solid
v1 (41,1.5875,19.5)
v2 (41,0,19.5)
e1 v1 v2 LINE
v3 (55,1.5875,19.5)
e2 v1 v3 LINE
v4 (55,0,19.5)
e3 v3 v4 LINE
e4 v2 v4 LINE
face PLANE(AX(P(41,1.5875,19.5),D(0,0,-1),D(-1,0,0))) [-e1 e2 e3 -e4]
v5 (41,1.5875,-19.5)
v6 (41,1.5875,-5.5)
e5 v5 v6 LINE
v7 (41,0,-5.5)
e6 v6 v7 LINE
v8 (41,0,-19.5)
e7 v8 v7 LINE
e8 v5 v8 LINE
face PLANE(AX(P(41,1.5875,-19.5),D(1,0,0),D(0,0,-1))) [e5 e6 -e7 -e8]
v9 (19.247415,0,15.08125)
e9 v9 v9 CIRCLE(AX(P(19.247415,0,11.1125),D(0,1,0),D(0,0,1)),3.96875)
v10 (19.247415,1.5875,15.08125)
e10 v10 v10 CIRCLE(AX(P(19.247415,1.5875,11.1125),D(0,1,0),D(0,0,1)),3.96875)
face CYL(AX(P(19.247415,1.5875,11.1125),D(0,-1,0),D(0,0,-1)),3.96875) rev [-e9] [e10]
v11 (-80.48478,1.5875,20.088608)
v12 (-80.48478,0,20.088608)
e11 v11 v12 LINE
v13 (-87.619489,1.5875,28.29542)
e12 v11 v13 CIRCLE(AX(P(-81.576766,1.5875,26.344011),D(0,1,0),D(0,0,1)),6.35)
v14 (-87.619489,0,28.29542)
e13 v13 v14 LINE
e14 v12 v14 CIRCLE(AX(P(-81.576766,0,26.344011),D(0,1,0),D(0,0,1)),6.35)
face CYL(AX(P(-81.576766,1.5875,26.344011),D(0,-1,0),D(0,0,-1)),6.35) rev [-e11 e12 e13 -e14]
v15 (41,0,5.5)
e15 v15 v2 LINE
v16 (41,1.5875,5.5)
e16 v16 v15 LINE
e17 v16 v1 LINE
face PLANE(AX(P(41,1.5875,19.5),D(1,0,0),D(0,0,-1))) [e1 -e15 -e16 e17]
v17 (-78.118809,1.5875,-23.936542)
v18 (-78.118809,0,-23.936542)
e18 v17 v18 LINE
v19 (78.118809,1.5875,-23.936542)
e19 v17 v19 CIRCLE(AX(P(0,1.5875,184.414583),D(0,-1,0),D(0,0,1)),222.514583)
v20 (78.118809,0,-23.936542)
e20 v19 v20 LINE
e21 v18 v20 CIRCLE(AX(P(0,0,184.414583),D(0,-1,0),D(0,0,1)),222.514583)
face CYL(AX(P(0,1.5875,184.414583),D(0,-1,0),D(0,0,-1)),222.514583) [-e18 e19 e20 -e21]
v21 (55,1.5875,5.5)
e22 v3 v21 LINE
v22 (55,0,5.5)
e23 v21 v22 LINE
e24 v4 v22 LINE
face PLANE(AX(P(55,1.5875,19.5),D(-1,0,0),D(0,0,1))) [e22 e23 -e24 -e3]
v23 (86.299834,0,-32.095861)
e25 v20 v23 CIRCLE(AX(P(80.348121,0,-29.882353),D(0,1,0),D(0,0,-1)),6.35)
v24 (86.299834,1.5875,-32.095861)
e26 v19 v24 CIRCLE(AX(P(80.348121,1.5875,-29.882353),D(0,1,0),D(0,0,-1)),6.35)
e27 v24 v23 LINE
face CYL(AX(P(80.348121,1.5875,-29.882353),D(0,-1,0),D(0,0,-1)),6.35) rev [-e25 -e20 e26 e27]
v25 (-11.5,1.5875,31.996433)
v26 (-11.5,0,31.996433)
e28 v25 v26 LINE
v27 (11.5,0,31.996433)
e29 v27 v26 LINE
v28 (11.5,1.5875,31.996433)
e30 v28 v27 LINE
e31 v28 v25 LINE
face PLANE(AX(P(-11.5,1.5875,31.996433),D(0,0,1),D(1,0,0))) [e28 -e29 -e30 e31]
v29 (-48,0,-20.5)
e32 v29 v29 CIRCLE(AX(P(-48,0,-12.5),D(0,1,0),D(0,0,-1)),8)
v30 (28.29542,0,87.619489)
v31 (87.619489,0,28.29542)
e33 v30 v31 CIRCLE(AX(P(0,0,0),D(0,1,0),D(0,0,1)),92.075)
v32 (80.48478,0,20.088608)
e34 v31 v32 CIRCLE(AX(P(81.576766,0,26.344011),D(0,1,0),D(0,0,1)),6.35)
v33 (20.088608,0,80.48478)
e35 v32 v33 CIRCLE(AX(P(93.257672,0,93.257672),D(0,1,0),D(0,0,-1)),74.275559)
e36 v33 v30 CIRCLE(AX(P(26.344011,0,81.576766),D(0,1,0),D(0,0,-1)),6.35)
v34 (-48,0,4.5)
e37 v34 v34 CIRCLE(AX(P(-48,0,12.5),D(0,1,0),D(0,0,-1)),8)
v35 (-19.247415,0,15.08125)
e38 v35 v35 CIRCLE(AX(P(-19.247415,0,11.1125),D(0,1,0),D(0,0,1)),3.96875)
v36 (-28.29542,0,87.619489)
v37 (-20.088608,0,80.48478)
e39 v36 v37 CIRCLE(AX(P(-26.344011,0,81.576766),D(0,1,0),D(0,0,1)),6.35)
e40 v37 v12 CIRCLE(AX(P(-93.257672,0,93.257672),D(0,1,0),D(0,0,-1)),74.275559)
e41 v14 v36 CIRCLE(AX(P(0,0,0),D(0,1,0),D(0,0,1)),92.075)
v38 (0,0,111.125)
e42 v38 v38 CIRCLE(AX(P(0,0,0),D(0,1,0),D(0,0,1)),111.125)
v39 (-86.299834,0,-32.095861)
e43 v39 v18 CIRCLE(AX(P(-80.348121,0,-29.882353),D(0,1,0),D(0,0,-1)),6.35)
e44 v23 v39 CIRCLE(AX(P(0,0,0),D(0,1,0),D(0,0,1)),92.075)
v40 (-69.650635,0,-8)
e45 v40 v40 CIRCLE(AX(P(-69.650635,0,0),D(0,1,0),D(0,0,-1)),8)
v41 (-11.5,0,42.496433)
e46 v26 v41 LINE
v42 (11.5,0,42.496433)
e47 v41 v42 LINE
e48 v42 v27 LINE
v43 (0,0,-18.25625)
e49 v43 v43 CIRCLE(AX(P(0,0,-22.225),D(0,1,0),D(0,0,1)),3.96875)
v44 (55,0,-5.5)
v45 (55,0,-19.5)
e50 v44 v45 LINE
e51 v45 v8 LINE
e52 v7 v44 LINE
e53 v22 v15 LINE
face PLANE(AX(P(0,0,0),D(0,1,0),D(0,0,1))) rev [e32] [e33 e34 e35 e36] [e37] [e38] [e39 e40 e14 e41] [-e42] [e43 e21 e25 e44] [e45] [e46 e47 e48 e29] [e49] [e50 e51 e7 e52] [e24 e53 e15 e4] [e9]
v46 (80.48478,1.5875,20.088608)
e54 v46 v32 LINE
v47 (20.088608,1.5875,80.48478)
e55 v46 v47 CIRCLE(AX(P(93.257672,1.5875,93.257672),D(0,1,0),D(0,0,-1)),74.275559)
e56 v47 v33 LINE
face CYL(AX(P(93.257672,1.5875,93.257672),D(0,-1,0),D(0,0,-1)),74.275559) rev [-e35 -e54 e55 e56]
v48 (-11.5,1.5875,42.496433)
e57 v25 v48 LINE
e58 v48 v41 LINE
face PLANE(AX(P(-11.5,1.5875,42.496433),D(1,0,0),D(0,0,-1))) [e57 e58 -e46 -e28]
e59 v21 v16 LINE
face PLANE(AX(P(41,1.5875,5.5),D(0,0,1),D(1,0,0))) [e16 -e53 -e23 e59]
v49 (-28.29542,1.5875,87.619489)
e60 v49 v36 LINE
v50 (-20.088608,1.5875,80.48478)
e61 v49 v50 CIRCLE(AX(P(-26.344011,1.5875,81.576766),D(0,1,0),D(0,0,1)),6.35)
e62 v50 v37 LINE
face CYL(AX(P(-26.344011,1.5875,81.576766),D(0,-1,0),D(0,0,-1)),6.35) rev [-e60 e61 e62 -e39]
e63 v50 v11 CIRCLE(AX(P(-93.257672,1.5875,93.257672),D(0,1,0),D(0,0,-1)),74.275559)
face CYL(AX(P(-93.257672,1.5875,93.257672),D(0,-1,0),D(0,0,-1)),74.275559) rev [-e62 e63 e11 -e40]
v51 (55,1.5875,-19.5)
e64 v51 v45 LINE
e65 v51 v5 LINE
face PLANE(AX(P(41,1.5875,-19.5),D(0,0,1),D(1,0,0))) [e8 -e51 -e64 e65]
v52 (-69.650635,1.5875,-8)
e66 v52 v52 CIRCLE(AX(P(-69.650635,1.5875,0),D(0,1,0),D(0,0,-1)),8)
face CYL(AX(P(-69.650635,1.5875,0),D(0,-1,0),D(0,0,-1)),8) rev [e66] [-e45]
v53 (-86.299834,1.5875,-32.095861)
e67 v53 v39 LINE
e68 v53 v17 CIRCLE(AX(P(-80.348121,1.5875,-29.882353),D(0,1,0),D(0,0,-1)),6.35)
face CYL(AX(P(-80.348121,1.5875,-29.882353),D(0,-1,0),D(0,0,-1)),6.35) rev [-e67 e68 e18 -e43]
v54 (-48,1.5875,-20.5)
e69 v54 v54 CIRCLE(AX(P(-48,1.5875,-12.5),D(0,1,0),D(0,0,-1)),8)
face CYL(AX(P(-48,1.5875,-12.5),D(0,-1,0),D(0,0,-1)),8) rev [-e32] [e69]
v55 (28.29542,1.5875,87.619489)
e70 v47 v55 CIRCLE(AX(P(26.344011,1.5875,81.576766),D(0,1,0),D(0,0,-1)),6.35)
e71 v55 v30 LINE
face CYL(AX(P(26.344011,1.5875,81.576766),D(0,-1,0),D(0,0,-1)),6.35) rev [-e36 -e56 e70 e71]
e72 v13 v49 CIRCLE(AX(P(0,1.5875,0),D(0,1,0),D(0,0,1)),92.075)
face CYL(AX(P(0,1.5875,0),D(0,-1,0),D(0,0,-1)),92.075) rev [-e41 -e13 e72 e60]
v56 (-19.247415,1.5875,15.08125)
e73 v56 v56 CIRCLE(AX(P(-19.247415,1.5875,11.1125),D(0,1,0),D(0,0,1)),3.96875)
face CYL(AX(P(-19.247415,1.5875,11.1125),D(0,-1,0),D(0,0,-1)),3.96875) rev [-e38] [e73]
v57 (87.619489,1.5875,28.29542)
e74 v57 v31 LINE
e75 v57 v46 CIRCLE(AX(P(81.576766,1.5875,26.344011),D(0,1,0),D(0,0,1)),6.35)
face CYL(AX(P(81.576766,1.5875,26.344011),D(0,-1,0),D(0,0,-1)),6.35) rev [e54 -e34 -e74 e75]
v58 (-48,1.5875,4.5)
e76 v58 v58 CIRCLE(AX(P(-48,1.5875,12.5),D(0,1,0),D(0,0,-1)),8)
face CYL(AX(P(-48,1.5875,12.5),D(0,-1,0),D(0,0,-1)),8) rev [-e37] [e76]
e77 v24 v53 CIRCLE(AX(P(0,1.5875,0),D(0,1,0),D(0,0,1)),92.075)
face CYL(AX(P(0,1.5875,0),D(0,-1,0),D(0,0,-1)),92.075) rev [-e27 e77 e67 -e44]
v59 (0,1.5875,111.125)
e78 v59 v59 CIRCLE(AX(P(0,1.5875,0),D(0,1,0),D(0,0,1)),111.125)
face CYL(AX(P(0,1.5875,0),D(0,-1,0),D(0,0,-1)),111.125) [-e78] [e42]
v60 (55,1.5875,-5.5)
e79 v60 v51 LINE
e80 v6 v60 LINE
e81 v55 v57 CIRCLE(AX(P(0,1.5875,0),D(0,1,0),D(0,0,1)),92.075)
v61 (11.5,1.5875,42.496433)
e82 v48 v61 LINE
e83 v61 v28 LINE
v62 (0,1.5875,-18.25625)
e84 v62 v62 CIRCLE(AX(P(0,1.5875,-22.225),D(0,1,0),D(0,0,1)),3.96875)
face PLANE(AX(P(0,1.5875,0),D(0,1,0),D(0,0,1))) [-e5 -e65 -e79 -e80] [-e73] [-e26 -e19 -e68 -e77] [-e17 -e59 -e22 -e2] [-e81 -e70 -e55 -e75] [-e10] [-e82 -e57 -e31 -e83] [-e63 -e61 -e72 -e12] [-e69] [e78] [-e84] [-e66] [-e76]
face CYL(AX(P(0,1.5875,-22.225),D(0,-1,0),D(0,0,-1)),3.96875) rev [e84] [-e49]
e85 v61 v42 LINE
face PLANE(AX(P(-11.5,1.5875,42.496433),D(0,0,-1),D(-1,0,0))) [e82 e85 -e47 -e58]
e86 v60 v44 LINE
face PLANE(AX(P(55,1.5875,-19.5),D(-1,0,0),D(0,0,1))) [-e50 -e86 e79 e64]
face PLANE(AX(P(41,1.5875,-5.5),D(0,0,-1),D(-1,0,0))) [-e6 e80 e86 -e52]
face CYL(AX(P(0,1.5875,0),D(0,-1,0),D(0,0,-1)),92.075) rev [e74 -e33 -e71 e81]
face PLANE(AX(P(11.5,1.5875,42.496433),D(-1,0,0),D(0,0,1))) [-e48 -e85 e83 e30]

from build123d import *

# Parameters (mm, degrees)
SKETCH1_R           = 111.125
SKETCH1_R_2         = 3.96875
SKETCH1_R_3         = 8
SKETCH1_W           = 14
SKETCH1_H           = 14
SKETCH1_W_2         = 23
SKETCH1_H_2         = 10.5
BOSS_EXTRUDE1_DEPTH = 1.5875


with BuildPart() as part:
    # Sketch1 → Boss-Extrude1 (new body)
    with BuildSketch(Plane(origin=(0, 0, 0), x_dir=(1, 0, 0), z_dir=(0, 1, 0))):
        Circle(SKETCH1_R)
        with Locations((0, 22.225)):
            Circle(SKETCH1_R_2, mode=Mode.SUBTRACT)
        with Locations((19.247414599, -11.1125)):
            Circle(SKETCH1_R_2, mode=Mode.SUBTRACT)
        with Locations((-19.247414599, -11.1125)):
            Circle(SKETCH1_R_2, mode=Mode.SUBTRACT)
        with Locations((-48, -12.5)):
            Circle(SKETCH1_R_3, mode=Mode.SUBTRACT)
        with Locations((-69.650635095, 0)):
            Circle(SKETCH1_R_3, mode=Mode.SUBTRACT)
        with Locations((-48, 12.5)):
            Circle(SKETCH1_R_3, mode=Mode.SUBTRACT)
        with Locations((48, 12.5)):
            Rectangle(SKETCH1_W, SKETCH1_H, mode=Mode.SUBTRACT)
        with Locations((0, -37.246432928)):
            Rectangle(SKETCH1_W_2, SKETCH1_H_2, mode=Mode.SUBTRACT)
        with Locations((48, -12.5)):
            Rectangle(SKETCH1_W, SKETCH1_H, mode=Mode.SUBTRACT)
        with BuildLine():
            ThreePointArc((86.299834064, 32.095860566), (0, 92.075), (-86.299834064, 32.095860566))
            ThreePointArc((-86.299834064, 32.095860566), (-84.832280885, 25.386264259), (-78.118809332, 23.936541993))
            ThreePointArc((-78.118809332, 23.936541993), (0, 38.1), (78.118809332, 23.936541993))
            ThreePointArc((78.118809332, 23.936541993), (84.832280885, 25.386264259), (86.299834064, 32.095860566))
        make_face(mode=Mode.SUBTRACT)
        with BuildLine():
            ThreePointArc((-80.484779709, -20.088608264), (-40.736920582, -40.736920582), (-20.088608264, -80.484779709))
            ThreePointArc((-20.088608264, -80.484779709), (-22.177824514, -86.368987271), (-28.295419505, -87.619489042))
            ThreePointArc((-28.295419505, -87.619489042), (-65.106856878, -65.106856878), (-87.619489042, -28.295419505))
            ThreePointArc((-87.619489042, -28.295419505), (-86.368987271, -22.177824514), (-80.484779709, -20.088608264))
        make_face(mode=Mode.SUBTRACT)
        with BuildLine():
            ThreePointArc((20.088608264, -80.484779709), (40.736920582, -40.736920582), (80.484779709, -20.088608264))
            ThreePointArc((80.484779709, -20.088608264), (86.368987271, -22.177824514), (87.619489042, -28.295419505))
            ThreePointArc((87.619489042, -28.295419505), (65.106856878, -65.106856878), (28.295419505, -87.619489042))
            ThreePointArc((28.295419505, -87.619489042), (22.177824514, -86.368987271), (20.088608264, -80.484779709))
        make_face(mode=Mode.SUBTRACT)
    extrude(amount=BOSS_EXTRUDE1_DEPTH)


solid = part.part
